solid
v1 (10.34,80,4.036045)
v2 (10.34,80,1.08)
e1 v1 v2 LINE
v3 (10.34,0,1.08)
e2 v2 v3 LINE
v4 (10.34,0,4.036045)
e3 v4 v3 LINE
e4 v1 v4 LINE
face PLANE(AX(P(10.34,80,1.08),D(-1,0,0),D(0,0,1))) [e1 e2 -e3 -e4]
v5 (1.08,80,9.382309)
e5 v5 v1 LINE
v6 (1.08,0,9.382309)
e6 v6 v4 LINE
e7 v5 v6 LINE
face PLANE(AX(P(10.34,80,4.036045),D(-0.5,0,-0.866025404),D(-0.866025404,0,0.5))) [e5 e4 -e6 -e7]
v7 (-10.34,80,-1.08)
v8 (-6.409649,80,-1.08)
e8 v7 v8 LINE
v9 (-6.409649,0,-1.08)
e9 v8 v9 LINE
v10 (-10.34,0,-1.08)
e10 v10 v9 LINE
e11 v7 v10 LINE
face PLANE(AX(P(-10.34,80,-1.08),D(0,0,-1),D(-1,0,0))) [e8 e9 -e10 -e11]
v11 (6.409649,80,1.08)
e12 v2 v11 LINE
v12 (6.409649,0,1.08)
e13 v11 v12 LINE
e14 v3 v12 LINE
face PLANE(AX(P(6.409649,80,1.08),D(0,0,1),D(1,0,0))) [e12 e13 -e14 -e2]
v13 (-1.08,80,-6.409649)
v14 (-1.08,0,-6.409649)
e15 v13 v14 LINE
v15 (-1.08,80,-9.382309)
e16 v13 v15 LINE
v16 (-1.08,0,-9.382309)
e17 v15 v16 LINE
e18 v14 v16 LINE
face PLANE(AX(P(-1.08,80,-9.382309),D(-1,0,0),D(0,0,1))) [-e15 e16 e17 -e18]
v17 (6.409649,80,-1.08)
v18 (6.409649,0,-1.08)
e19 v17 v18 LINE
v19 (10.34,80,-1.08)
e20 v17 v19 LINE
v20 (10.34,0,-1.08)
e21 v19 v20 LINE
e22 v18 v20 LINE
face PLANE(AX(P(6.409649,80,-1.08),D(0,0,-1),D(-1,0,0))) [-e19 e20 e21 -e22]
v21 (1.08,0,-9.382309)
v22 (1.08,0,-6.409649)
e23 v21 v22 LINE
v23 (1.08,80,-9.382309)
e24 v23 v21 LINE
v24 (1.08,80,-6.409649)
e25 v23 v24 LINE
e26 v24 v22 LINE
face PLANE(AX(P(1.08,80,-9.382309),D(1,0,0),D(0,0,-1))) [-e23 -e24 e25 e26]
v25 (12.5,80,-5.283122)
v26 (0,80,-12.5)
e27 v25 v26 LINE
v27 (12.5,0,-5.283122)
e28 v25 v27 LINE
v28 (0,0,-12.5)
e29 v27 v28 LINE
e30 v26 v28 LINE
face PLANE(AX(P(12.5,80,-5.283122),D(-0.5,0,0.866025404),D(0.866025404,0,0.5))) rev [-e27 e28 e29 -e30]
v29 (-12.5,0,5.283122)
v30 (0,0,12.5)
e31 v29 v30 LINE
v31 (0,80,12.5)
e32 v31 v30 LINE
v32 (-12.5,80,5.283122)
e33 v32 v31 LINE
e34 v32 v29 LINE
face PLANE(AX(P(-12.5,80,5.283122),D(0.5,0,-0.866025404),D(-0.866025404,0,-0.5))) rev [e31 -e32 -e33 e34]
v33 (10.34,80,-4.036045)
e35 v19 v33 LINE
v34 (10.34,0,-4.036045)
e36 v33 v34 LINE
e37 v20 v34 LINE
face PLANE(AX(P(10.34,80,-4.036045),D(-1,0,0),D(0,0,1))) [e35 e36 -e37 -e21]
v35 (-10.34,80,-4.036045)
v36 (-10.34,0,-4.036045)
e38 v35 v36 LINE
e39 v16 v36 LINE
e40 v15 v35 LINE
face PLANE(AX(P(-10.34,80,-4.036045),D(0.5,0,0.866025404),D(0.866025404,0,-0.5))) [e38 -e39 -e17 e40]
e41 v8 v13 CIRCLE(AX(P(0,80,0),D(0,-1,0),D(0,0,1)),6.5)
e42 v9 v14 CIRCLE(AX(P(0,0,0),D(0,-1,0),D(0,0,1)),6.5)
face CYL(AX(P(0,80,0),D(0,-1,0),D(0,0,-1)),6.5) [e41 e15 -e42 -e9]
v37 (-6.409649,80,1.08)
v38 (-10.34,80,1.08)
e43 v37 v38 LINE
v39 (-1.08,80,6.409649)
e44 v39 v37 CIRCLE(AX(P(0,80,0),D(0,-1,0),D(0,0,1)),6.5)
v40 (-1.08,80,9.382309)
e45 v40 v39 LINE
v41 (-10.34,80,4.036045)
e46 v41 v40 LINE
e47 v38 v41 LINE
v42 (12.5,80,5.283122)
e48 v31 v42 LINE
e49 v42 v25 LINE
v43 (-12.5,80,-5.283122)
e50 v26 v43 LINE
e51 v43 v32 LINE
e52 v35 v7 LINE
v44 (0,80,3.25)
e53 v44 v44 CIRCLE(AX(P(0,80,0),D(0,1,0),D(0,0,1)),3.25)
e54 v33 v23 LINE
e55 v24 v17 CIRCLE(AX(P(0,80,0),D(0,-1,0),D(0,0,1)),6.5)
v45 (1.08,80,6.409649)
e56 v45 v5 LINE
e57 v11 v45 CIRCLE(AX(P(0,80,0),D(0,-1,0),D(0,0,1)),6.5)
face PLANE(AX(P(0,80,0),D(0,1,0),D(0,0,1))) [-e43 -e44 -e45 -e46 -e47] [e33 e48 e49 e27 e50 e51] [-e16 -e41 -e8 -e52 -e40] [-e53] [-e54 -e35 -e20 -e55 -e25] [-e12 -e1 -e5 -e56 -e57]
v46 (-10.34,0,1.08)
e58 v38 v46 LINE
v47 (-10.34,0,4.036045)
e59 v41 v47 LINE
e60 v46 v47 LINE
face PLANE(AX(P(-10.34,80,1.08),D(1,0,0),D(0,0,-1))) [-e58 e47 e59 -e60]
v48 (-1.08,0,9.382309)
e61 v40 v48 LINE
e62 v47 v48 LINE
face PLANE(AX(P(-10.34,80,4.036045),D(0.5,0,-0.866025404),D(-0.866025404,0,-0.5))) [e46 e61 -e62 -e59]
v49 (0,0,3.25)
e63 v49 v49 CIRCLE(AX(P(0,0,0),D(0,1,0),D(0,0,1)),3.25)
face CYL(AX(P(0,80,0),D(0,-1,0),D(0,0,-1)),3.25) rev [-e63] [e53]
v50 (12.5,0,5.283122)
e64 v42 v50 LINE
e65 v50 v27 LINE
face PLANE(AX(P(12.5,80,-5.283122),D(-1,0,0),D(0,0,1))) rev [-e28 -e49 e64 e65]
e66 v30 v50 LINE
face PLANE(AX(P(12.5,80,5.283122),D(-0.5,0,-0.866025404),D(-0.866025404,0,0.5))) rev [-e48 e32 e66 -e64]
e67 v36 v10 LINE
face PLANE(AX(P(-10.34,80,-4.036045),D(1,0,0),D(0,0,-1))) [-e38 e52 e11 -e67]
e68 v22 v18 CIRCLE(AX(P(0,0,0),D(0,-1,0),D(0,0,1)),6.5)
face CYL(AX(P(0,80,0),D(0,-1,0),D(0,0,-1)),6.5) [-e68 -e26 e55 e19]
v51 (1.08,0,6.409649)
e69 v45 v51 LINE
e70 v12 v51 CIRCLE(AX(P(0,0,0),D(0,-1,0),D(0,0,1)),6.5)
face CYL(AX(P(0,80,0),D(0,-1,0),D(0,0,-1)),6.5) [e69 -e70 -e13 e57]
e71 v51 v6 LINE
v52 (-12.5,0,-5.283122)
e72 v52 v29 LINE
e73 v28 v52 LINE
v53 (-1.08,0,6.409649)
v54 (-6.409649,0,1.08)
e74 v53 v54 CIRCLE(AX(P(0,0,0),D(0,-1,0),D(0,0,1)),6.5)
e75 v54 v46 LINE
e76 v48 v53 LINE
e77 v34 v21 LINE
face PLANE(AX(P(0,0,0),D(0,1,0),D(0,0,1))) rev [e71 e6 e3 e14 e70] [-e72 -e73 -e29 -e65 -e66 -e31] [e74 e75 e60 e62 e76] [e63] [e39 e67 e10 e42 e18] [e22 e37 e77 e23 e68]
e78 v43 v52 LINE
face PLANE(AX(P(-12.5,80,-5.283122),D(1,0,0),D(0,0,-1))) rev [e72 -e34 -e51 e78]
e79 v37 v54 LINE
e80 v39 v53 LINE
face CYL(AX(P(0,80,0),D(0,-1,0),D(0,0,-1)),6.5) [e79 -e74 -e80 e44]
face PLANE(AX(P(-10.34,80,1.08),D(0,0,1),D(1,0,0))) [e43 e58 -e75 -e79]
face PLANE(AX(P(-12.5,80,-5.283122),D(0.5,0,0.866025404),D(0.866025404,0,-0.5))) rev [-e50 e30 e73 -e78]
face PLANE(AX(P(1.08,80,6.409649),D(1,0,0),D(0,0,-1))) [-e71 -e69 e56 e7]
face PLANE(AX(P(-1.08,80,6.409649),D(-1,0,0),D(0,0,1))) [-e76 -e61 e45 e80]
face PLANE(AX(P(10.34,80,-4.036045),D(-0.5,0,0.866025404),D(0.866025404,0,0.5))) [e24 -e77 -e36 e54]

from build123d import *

# Parameters (mm, degrees)
SKETCH1_R           = 3.25
BOSS_EXTRUDE2_DEPTH = 80


with BuildPart() as part:
    # Sketch1 → Boss-Extrude2 (new body)
    with BuildSketch(Plane(origin=(0, 0, 0), x_dir=(1, 0, 0), z_dir=(0, 1, 0))):
        Polygon((-12.5, 5.283121635), (-12.5, -5.283121635), (0, -12.5), (12.5, -5.283121635), (12.5, 5.283121635), (0, 12.5), align=None)
        Circle(SKETCH1_R, mode=Mode.SUBTRACT)
        with BuildLine():
            Line((-1.08, 9.382308546), (-1.08, 6.409648976))
            ThreePointArc((-1.08, 6.409648976), (-4.596194078, 4.596194078), (-6.409648976, 1.08))
            Line((-6.409648976, 1.08), (-10.34, 1.08))
            Line((-10.34, 1.08), (-10.34, 4.036045054))
            Line((-10.34, 4.036045054), (-1.08, 9.382308546))
        make_face(mode=Mode.SUBTRACT)
        with BuildLine():
            Line((1.08, 9.382308546), (1.08, 6.409648976))
            ThreePointArc((1.08, 6.409648976), (4.596194078, 4.596194078), (6.409648976, 1.08))
            Line((6.409648976, 1.08), (10.34, 1.08))
            Line((10.34, 1.08), (10.34, 4.036045054))
            Line((10.34, 4.036045054), (1.08, 9.382308546))
        make_face(mode=Mode.SUBTRACT)
        with BuildLine():
            Line((-10.34, -1.08), (-6.409648976, -1.08))
            ThreePointArc((-6.409648976, -1.08), (-4.596194078, -4.596194078), (-1.08, -6.409648976))
            Line((-1.08, -6.409648976), (-1.08, -9.382308546))
            Line((-1.08, -9.382308546), (-10.34, -4.036045054))
            Line((-10.34, -4.036045054), (-10.34, -1.08))
        make_face(mode=Mode.SUBTRACT)
        with BuildLine():
            Line((1.08, -6.409648976), (1.08, -9.382308546))
            Line((1.08, -9.382308546), (10.34, -4.036045054))
            Line((10.34, -4.036045054), (10.34, -1.08))
            Line((10.34, -1.08), (6.409648976, -1.08))
            ThreePointArc((6.409648976, -1.08), (4.596194078, -4.596194078), (1.08, -6.409648976))
        make_face(mode=Mode.SUBTRACT)
    extrude(amount=BOSS_EXTRUDE2_DEPTH)


solid = part.part
